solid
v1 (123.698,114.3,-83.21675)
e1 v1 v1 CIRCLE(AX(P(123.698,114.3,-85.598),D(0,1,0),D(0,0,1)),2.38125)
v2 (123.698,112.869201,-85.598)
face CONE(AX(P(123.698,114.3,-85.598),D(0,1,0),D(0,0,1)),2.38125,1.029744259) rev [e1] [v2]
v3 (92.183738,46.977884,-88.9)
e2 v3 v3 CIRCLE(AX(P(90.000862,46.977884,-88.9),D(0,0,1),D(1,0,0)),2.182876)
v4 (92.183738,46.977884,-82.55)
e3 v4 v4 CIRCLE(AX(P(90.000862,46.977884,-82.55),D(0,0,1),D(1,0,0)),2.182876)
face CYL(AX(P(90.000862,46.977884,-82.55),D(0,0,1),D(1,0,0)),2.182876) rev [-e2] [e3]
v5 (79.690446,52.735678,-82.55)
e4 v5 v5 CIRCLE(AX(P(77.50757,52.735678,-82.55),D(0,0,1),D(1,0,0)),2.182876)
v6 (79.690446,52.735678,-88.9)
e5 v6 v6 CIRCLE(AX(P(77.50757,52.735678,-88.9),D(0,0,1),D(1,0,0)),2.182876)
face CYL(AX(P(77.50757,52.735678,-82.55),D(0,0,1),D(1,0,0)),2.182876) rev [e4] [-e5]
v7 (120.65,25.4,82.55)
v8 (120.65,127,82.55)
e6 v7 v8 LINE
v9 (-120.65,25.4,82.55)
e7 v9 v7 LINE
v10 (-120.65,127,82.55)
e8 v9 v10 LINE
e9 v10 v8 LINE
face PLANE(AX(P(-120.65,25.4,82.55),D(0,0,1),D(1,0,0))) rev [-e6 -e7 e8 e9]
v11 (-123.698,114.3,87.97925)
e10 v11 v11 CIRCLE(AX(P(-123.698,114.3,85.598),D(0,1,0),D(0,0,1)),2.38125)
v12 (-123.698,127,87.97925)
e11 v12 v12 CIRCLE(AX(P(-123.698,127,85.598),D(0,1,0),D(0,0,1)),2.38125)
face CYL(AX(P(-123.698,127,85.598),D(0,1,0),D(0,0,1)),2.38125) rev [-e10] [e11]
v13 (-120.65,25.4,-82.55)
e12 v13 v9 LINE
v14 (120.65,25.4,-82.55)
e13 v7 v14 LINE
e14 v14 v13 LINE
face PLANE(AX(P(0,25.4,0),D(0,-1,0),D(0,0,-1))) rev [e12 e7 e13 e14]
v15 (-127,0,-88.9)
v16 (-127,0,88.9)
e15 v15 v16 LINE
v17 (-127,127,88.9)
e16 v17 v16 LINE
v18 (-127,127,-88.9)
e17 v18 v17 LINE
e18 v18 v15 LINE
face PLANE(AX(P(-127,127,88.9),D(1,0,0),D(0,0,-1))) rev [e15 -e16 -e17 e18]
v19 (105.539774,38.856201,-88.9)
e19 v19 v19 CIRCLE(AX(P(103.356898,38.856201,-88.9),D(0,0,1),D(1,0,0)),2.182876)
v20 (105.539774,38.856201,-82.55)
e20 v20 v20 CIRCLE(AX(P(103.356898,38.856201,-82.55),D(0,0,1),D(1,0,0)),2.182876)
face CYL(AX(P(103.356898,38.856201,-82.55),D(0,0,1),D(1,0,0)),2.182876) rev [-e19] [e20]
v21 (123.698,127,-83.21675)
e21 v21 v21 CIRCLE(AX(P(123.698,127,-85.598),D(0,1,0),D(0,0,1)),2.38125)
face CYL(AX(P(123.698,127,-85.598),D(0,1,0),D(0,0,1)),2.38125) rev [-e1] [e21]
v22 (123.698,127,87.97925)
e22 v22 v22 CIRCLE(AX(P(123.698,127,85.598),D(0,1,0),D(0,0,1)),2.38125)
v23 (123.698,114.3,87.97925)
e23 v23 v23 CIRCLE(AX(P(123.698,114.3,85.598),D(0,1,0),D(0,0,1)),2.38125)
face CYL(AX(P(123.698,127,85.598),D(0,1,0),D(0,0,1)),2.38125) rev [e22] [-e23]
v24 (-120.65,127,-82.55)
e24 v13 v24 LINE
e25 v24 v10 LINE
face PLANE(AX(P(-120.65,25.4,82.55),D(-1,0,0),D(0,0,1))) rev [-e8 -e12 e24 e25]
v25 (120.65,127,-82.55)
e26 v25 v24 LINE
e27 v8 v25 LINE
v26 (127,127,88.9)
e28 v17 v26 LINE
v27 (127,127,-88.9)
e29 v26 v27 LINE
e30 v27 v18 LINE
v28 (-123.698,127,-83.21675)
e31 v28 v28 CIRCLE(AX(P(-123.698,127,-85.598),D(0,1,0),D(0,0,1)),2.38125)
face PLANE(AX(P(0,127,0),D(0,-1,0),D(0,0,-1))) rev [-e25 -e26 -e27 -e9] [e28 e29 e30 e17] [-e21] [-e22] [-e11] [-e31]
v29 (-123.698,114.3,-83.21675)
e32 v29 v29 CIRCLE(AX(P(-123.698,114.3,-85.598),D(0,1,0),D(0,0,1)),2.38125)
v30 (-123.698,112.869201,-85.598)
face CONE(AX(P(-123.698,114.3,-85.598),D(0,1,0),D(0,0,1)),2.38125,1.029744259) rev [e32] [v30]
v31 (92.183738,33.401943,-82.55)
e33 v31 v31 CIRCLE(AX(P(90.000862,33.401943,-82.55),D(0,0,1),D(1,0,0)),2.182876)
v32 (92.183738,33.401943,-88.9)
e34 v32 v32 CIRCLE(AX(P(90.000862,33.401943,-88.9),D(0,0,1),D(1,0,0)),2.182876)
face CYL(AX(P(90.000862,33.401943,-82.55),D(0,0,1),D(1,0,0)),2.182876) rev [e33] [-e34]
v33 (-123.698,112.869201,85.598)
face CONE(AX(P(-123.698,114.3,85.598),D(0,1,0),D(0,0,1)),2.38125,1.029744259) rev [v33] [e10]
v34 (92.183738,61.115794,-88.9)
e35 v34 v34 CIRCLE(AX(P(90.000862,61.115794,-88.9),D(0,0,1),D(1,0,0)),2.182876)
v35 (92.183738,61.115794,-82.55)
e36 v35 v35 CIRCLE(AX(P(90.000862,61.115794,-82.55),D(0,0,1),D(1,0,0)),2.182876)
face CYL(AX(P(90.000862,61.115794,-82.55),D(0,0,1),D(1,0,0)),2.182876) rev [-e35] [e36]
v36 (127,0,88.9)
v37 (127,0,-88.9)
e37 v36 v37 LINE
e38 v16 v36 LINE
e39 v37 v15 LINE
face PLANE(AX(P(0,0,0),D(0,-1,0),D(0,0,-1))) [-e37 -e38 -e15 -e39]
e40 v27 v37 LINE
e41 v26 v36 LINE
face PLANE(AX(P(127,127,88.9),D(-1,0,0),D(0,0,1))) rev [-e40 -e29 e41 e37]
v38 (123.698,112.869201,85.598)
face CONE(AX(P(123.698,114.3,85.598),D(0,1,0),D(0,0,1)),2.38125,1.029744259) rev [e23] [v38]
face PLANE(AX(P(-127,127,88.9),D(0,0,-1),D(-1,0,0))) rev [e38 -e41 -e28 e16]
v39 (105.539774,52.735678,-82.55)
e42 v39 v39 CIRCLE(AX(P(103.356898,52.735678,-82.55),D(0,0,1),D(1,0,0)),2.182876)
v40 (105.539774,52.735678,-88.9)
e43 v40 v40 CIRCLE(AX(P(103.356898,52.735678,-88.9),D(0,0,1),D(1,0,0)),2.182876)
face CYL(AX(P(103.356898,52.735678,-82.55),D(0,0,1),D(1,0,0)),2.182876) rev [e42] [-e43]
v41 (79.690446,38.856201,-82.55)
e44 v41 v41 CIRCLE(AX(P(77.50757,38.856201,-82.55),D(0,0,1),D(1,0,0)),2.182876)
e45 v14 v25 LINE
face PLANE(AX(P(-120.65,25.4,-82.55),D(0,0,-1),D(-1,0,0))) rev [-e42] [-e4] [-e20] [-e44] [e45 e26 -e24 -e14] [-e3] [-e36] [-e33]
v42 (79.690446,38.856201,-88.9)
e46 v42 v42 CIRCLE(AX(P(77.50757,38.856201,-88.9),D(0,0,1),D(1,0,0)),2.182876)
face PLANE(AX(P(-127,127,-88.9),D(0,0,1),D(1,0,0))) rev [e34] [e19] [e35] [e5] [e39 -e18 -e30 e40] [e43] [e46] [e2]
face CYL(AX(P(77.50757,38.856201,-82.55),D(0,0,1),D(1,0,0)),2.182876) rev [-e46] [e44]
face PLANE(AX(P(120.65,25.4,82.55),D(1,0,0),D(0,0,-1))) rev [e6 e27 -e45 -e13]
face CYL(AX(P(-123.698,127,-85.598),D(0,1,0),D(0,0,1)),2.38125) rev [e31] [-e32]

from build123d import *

# Parameters (mm, degrees)
SKETCH1_W                            = 254
SKETCH1_H                            = 177.8
BOSS_EXTRUDE1_DEPTH                  = 127
SKETCH2_W                            = 241.3
SKETCH2_H                            = 165.1
CUT_EXTRUDE1_DEPTH                   = 101.6
F_3_16_0_1875_DIAMETER_HOLE3_D       = 4.7625
F_3_16_0_1875_DIAMETER_HOLE3_DEPTH   = 12.7
F_3_16_0_1875_DIAMETER_HOLE3_TIP     = 1.430799349
F_3_16_0_1875_DIAMETER_HOLE4_D       = 4.7625
F_3_16_0_1875_DIAMETER_HOLE4_DEPTH   = 12.7
F_3_16_0_1875_DIAMETER_HOLE4_TIP     = 1.430799349
F_3_16_0_1875_DIAMETER_HOLE5_D       = 4.7625
F_3_16_0_1875_DIAMETER_HOLE5_DEPTH   = 12.7
F_3_16_0_1875_DIAMETER_HOLE5_TIP     = 1.430799349
F_3_16_0_1875_DIAMETER_HOLE6_D       = 4.7625
F_3_16_0_1875_DIAMETER_HOLE6_DEPTH   = 12.7
F_3_16_0_1875_DIAMETER_HOLE6_TIP     = 1.430799349
F_11_64_0_17188_DIAMETER_HOLE1_D     = 4.365752
F_11_64_0_17188_DIAMETER_HOLE1_DEPTH = 6.35


with BuildPart() as part:
    # Sketch1 → Boss-Extrude1 (new body)
    with BuildSketch(Plane(origin=(0, 0, 0), x_dir=(1, 0, 0), z_dir=(0, 1, 0))):
        Rectangle(SKETCH1_W, SKETCH1_H)
    extrude(amount=BOSS_EXTRUDE1_DEPTH)

    # Sketch2 → Cut-Extrude1 (cut)
    with BuildSketch(Plane(origin=(0, 127, 0), x_dir=(1, 0, 0), z_dir=(0, 1, 0))):
        Rectangle(SKETCH2_W, SKETCH2_H)
    extrude(amount=-CUT_EXTRUDE1_DEPTH, mode=Mode.SUBTRACT)

    # 3/16 (0.1875) Diameter Hole3
    with Locations(Plane(origin=(-123.698, 127, -85.598), x_dir=(0, 0, 1), z_dir=(0, 1, 0))):
        with Locations((0, 0)):
            Hole(F_3_16_0_1875_DIAMETER_HOLE3_D / 2, depth=F_3_16_0_1875_DIAMETER_HOLE3_DEPTH)
            with Locations((0, 0, -(F_3_16_0_1875_DIAMETER_HOLE3_DEPTH + F_3_16_0_1875_DIAMETER_HOLE3_TIP / 2))):  # 118° drill point
                Cone(0, F_3_16_0_1875_DIAMETER_HOLE3_D / 2, F_3_16_0_1875_DIAMETER_HOLE3_TIP, mode=Mode.SUBTRACT)

    # 3/16 (0.1875) Diameter Hole4
    with Locations(Plane(origin=(123.698, 127, -85.598), x_dir=(0, 0, 1), z_dir=(0, 1, 0))):
        with Locations((0, 0)):
            Hole(F_3_16_0_1875_DIAMETER_HOLE4_D / 2, depth=F_3_16_0_1875_DIAMETER_HOLE4_DEPTH)
            with Locations((0, 0, -(F_3_16_0_1875_DIAMETER_HOLE4_DEPTH + F_3_16_0_1875_DIAMETER_HOLE4_TIP / 2))):  # 118° drill point
                Cone(0, F_3_16_0_1875_DIAMETER_HOLE4_D / 2, F_3_16_0_1875_DIAMETER_HOLE4_TIP, mode=Mode.SUBTRACT)

    # 3/16 (0.1875) Diameter Hole5
    with Locations(Plane(origin=(-123.698, 127, 85.598), x_dir=(0, 0, 1), z_dir=(0, 1, 0))):
        with Locations((0, 0)):
            Hole(F_3_16_0_1875_DIAMETER_HOLE5_D / 2, depth=F_3_16_0_1875_DIAMETER_HOLE5_DEPTH)
            with Locations((0, 0, -(F_3_16_0_1875_DIAMETER_HOLE5_DEPTH + F_3_16_0_1875_DIAMETER_HOLE5_TIP / 2))):  # 118° drill point
                Cone(0, F_3_16_0_1875_DIAMETER_HOLE5_D / 2, F_3_16_0_1875_DIAMETER_HOLE5_TIP, mode=Mode.SUBTRACT)

    # 3/16 (0.1875) Diameter Hole6
    with Locations(Plane(origin=(123.698, 127, 85.598), x_dir=(0, 0, 1), z_dir=(0, 1, 0))):
        with Locations((0, 0)):
            Hole(F_3_16_0_1875_DIAMETER_HOLE6_D / 2, depth=F_3_16_0_1875_DIAMETER_HOLE6_DEPTH)
            with Locations((0, 0, -(F_3_16_0_1875_DIAMETER_HOLE6_DEPTH + F_3_16_0_1875_DIAMETER_HOLE6_TIP / 2))):  # 118° drill point
                Cone(0, F_3_16_0_1875_DIAMETER_HOLE6_D / 2, F_3_16_0_1875_DIAMETER_HOLE6_TIP, mode=Mode.SUBTRACT)

    # 11/64 (0.17188) Diameter Hole1
    with Locations(Plane.XY.offset(-82.55)):
        with Locations((90.000861875, 33.401943058), (90.000861875, 61.115793816), (77.507570052, 52.735678174), (77.507570052, 38.856201142), (103.356898088, 52.735678174), (103.356898088, 38.856201142), (90.000861875, 46.977884259)):
            Hole(F_11_64_0_17188_DIAMETER_HOLE1_D / 2, depth=F_11_64_0_17188_DIAMETER_HOLE1_DEPTH)


solid = part.part
